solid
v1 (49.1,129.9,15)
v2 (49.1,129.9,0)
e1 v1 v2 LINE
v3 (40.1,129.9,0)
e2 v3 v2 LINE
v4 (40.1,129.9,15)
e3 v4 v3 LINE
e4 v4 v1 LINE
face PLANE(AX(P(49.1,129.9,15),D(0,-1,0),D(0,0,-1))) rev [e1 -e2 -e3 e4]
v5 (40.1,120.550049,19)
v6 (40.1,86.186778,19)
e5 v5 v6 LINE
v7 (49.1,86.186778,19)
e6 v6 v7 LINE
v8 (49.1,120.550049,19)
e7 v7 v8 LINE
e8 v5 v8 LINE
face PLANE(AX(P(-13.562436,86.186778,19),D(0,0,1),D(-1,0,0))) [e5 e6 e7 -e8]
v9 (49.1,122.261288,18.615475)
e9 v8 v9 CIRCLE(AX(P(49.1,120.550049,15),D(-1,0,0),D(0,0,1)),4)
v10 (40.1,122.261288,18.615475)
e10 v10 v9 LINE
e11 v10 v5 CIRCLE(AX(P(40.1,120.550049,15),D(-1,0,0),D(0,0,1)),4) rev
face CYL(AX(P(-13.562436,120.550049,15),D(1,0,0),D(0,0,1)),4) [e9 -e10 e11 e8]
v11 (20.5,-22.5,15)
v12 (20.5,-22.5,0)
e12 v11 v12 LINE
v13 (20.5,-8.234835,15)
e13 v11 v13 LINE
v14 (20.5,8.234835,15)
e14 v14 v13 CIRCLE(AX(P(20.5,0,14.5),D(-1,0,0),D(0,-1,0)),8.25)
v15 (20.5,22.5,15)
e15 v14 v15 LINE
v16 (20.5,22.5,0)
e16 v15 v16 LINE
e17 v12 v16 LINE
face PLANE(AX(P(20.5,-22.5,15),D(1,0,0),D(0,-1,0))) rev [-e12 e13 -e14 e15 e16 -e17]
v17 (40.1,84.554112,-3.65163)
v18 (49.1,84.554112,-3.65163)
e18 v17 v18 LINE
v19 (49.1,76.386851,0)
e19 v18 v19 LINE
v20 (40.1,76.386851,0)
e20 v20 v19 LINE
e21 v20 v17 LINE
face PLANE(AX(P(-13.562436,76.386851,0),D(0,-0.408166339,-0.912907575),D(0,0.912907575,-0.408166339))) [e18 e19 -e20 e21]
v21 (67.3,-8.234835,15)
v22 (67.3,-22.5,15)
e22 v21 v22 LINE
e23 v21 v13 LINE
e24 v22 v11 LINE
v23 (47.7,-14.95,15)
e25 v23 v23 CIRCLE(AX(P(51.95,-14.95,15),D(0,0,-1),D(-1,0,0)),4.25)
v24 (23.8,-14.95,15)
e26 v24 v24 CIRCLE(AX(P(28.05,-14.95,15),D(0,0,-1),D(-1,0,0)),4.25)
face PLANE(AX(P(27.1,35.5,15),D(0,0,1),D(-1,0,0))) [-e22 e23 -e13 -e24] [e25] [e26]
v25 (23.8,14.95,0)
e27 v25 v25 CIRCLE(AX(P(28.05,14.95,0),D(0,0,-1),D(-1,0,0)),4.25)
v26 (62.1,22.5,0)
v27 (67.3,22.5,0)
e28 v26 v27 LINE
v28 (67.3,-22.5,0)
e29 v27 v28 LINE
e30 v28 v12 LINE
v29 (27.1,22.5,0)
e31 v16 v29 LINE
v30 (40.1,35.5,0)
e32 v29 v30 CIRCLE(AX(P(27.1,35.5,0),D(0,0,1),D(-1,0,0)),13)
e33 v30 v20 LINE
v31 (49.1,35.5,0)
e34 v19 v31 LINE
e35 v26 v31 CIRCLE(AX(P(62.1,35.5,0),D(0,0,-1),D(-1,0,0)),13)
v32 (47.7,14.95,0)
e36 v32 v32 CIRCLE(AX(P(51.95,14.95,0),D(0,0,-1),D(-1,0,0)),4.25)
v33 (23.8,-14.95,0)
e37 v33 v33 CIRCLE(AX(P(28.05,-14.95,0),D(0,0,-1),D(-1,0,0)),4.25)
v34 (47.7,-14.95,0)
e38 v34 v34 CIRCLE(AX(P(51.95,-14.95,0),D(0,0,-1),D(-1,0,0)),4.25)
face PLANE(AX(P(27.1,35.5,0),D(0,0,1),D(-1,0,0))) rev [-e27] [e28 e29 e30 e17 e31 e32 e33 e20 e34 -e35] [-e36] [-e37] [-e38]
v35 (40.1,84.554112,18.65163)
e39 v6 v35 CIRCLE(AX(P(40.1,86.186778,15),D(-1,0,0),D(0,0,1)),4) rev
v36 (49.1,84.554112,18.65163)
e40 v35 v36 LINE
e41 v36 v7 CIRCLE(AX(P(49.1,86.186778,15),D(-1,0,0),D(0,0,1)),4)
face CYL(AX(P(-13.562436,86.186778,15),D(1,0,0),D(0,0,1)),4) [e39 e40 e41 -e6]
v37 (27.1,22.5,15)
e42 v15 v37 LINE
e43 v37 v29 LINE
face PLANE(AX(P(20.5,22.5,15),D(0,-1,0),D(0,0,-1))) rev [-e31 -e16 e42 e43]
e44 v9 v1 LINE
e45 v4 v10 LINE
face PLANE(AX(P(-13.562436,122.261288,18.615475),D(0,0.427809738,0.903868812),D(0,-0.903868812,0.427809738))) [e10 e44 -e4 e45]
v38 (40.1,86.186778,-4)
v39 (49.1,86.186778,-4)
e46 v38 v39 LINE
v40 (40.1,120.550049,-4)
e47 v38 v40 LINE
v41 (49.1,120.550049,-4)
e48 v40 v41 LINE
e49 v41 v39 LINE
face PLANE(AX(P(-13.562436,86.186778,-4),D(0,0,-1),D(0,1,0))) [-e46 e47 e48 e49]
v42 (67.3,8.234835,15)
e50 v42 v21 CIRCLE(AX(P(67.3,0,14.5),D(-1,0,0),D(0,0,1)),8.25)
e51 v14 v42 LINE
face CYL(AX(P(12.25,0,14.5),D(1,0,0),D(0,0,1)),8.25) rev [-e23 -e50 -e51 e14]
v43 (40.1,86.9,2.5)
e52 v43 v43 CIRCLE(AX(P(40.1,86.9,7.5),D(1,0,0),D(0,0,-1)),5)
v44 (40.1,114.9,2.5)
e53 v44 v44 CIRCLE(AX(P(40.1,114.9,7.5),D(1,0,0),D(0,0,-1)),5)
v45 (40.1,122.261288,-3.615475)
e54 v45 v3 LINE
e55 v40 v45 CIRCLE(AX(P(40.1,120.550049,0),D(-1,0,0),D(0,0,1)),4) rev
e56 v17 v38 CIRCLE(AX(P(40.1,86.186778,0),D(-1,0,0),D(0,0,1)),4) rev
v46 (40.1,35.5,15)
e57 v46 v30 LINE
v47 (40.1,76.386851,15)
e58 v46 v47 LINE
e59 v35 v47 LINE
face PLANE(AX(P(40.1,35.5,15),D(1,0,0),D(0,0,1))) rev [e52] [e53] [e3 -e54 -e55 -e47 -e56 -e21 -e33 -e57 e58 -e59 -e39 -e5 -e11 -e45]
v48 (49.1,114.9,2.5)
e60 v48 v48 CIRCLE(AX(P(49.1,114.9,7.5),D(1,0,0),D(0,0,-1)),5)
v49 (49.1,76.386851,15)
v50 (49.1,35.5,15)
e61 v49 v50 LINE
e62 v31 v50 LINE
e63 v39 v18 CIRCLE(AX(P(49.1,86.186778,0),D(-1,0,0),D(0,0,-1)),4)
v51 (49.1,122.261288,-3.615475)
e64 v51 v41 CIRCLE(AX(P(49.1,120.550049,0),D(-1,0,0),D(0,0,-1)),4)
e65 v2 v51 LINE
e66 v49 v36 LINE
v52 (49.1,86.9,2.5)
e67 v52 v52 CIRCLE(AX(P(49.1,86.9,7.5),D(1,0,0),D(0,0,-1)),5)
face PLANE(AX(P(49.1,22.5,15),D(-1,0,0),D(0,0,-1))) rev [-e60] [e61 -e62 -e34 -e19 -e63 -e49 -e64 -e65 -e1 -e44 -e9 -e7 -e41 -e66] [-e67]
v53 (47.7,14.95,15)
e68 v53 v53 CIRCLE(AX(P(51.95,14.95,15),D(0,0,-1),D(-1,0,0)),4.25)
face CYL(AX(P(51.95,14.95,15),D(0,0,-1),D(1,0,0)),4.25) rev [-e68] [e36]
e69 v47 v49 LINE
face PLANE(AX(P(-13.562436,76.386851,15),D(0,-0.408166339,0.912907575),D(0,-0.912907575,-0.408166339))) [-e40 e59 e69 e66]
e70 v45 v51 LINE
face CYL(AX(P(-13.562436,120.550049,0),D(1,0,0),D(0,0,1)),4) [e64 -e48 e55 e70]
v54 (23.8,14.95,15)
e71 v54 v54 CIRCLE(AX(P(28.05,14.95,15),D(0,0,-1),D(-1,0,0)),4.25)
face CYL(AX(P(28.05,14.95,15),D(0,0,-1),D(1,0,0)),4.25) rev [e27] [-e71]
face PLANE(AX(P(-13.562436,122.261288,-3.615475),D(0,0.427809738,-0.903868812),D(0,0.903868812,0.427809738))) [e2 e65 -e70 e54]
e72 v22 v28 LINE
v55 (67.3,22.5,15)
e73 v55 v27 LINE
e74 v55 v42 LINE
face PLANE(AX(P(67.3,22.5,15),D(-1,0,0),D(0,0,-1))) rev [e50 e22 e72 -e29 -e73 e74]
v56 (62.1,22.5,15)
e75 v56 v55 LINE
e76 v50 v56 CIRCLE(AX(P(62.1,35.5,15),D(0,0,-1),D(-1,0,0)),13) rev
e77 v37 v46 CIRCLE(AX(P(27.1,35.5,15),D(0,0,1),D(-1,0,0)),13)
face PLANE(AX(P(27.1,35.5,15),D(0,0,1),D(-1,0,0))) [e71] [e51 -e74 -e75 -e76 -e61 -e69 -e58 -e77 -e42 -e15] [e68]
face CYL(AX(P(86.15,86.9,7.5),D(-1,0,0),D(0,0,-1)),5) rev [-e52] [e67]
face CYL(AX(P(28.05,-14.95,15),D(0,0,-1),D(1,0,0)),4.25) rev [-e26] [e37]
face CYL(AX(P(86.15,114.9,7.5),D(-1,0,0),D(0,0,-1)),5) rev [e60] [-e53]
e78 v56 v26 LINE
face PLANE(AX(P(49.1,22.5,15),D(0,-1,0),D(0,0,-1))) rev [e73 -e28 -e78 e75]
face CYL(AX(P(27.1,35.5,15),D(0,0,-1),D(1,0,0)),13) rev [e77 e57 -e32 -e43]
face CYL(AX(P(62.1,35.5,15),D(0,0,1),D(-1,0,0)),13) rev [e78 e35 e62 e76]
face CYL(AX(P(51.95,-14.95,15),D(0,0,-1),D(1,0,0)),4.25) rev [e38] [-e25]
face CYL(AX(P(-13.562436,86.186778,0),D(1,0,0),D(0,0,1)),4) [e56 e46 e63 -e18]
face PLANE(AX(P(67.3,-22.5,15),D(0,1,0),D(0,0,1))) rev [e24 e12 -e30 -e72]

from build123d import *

# Parameters (mm, degrees)
SKETCH1_R           = 4.25
BOSS_EXTRUDE1_DEPTH = 15
SKETCH3_R           = 8.25
CUT_EXTRUDE1_DEPTH  = 55.05
SKETCH4_R           = 5
CUT_EXTRUDE3_DEPTH  = 46.05
BOSS_EXTRUDE2_DEPTH = 9
FILLET1_R           = 13


with BuildPart() as part:
    # Sketch1 → Boss-Extrude1 (new body)
    with BuildSketch(Plane.XY):
        with BuildLine():
            Line((-8.1, 22.5), (-8.1, 129.9))
            Line((-8.1, 129.9), (0.9, 129.9))
            Line((0.9, 129.9), (0.9, 35.5))
            ThreePointArc((0.9, 35.5), (4.707611845, 26.307611845), (13.9, 22.5))
            Line((13.9, 22.5), (20.5, 22.5))
            Line((20.5, 22.5), (20.5, -22.5))
            Line((20.5, -22.5), (-26.3, -22.5))
            Line((-26.3, -22.5), (-26.3, 22.5))
            Line((-26.3, 22.5), (-8.1, 22.5))
        make_face()
        with Locations((-10.95, -14.95)):
            Circle(SKETCH1_R, mode=Mode.SUBTRACT)
        with Locations((12.95, -14.95)):
            Circle(SKETCH1_R, mode=Mode.SUBTRACT)
        with Locations((12.95, 14.95)):
            Circle(SKETCH1_R, mode=Mode.SUBTRACT)
        with Locations((-10.95, 14.95)):
            Circle(SKETCH1_R, mode=Mode.SUBTRACT)
    extrude(amount=BOSS_EXTRUDE1_DEPTH)

    # Sketch3 → Cut-Extrude1 (cut)
    with BuildSketch(Plane.ZY.offset(26.3)):
        with Locations((14.5, 0)):
            Circle(SKETCH3_R)
    extrude(amount=-CUT_EXTRUDE1_DEPTH, mode=Mode.SUBTRACT)

    # Sketch4 → Cut-Extrude3 (cut)
    with BuildSketch(Plane(origin=(0.9, 0, 0), x_dir=(0, 0, -1), z_dir=(1, 0, 0))):
        with Locations((-7.5, 86.9)):
            Circle(SKETCH4_R)
        with Locations((-7.5, 114.9)):
            Circle(SKETCH4_R)
    extrude(amount=-CUT_EXTRUDE3_DEPTH, mode=Mode.SUBTRACT)

    # Sketch6 → Boss-Extrude2 (add)
    with BuildSketch(Plane.ZY.offset(8.1)):
        with BuildLine():
            Line((15, 76.386851455), (18.651630299, 84.554112306))
            ThreePointArc((18.651630299, 84.554112306), (18.911938215, 85.352068488), (19, 86.186777661))
            Line((19, 86.186777661), (19, 120.550049196))
            ThreePointArc((19, 120.550049196), (18.902685036, 121.427003874), (18.615475246, 122.261288146))
            Line((18.615475246, 122.261288146), (15, 129.9))
            Line((15, 129.9), (15, 76.386851455))
        make_face()
        with BuildLine():
            Line((-3.615475246, 122.261288146), (0, 129.9))
            Line((0, 129.9), (0, 76.386851455))
            Line((0, 76.386851455), (-3.651630299, 84.554112306))
            ThreePointArc((-3.651630299, 84.554112306), (-3.911938215, 85.352068488), (-4, 86.186777661))
            Line((-4, 86.186777661), (-4, 120.550049196))
            ThreePointArc((-4, 120.550049196), (-3.902685036, 121.427003874), (-3.615475246, 122.261288146))
        make_face()
    extrude(amount=-BOSS_EXTRUDE2_DEPTH)

    # Fillet1
    fillet1_edges = [part.edges().sort_by_distance(p)[0] for p in [
        (-8.1, 22.5, 7.5),
    ]]
    fillet(fillet1_edges, radius=FILLET1_R)


with BuildPart() as body_2:
    # Mirror2: mirrored copy
    add(part.part.mirror(Plane(origin=(20.5, -22.5, 15), x_dir=(0, 0, 1), z_dir=(-1, 0, 0))))


solid = body_2.part
